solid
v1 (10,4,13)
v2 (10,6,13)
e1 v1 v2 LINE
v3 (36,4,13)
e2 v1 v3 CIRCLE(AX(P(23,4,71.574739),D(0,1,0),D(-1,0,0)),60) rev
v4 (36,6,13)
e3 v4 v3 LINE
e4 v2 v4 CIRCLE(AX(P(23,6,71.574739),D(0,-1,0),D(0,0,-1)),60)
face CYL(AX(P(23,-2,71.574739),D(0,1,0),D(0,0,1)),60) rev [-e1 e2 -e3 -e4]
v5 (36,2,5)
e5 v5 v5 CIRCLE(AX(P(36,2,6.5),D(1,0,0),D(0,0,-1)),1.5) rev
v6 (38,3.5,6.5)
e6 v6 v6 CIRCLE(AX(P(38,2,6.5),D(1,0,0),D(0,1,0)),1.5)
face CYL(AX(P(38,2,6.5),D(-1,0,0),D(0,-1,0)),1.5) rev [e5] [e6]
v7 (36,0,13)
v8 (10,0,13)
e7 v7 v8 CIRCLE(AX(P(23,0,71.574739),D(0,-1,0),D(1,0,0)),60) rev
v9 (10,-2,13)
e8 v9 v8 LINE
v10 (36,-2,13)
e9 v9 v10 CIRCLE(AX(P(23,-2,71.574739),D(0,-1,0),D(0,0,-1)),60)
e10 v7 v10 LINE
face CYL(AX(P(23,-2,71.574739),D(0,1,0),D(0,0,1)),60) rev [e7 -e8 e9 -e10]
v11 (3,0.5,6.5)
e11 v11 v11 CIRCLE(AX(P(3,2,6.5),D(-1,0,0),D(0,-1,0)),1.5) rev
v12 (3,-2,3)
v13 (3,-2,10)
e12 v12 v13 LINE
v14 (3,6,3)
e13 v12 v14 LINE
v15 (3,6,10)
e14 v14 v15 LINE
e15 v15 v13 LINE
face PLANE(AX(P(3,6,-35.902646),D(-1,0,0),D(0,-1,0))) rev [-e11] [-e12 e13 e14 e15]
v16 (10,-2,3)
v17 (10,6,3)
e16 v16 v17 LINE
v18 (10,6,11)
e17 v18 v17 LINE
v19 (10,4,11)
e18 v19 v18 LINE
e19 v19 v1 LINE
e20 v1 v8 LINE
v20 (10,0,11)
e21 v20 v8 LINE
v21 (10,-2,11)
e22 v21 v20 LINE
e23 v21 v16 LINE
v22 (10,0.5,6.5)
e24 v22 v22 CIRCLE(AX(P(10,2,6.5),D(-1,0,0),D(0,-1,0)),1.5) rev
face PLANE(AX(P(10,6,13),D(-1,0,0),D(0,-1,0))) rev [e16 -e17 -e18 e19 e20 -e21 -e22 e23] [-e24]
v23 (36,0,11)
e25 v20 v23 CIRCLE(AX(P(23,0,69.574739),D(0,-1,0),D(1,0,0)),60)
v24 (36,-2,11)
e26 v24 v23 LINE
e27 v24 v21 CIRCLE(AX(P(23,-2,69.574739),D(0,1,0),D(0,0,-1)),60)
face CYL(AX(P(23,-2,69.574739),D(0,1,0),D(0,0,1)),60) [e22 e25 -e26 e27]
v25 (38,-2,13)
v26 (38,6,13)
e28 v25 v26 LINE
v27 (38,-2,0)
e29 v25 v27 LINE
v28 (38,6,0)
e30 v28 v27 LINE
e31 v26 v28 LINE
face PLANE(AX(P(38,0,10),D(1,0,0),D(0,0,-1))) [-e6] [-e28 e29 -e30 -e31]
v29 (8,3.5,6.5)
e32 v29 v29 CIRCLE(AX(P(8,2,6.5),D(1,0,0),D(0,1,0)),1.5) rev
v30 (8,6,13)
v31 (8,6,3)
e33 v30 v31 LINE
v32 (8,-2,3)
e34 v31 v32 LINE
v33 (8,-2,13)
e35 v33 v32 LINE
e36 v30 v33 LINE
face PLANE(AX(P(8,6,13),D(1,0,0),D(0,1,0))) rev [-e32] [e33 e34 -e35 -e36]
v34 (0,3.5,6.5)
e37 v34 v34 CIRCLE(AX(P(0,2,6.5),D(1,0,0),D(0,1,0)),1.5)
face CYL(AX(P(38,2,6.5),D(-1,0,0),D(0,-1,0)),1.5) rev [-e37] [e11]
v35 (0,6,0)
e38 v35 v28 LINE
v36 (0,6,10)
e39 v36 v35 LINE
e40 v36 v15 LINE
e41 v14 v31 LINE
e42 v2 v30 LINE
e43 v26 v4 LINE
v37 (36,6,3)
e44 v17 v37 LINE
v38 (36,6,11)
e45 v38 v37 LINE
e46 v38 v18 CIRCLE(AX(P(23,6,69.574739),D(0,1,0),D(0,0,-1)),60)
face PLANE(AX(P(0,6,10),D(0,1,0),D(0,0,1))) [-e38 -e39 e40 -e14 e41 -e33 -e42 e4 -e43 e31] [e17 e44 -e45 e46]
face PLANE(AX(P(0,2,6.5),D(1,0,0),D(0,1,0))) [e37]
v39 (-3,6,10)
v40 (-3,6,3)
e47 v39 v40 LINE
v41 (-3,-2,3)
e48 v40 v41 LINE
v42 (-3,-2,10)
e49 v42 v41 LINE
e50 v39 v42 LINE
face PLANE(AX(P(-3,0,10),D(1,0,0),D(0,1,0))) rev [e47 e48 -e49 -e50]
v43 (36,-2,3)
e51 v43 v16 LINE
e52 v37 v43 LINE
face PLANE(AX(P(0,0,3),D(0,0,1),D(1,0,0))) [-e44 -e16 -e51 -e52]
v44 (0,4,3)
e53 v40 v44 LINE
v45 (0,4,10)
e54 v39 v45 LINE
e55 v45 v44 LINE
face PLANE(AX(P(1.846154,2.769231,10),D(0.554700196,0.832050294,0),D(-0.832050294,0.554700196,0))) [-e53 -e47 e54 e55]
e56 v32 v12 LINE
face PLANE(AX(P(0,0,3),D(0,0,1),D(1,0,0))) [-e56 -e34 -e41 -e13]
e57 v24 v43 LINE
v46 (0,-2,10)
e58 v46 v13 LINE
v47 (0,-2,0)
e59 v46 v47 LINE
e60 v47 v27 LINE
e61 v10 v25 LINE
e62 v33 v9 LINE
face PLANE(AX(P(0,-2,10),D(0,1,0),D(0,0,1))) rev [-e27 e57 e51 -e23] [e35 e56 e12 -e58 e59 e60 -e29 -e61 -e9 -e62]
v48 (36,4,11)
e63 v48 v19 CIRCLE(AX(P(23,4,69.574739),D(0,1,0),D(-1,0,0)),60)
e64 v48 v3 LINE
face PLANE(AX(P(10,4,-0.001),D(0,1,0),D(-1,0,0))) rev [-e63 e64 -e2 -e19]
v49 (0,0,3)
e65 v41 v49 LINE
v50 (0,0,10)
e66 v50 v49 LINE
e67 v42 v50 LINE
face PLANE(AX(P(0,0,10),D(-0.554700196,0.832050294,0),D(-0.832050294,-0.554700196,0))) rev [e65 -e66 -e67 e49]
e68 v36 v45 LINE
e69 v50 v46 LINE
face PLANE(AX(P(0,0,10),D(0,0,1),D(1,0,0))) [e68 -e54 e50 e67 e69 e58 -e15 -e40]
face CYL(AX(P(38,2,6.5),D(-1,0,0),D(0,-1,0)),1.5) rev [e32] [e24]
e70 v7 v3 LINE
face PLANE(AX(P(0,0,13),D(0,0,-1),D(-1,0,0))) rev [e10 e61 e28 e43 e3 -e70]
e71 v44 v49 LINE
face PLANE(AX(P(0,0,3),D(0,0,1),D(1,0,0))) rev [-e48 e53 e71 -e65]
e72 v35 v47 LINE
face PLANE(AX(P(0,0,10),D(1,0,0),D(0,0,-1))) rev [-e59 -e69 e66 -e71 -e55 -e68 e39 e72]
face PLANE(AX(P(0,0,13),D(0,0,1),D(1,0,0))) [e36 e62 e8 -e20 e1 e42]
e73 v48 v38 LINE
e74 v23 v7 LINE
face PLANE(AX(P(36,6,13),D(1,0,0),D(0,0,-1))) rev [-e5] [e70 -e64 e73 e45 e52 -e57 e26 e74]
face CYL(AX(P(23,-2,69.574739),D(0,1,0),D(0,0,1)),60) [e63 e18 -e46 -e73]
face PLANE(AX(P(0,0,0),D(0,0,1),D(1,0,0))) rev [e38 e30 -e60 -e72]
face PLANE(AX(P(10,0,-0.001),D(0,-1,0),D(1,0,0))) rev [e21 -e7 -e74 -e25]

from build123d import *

# Parameters (mm, degrees)
SKETCH_1_W                      = 35
SKETCH_1_H                      = 8
EXTRUDE_2_DEPTH                 = 10
CUT_EXTRUDE_4_DEPTH             = 3
SKETCH_11_W                     = 35
SKETCH_11_H                     = 8
CUT_EXTRUDE_5_DEPTH             = 7
SKETCH_14_W                     = 2
SKETCH_14_H                     = 8
EXTRUDE_7_DEPTH                 = 10
CUT_EXTRUDE_6_DEPTH             = 38.815340802
CUT_EXTRUDE_6_DEPTH_BACK        = 3
SKETCH_12_R                     = 1.5
EXTRUDE_10_DEPTH                = 8
CUT_EXTRUDE_8_REACH             = 42.608
SKETCH_31_W                     = 26
SKETCH_31_H                     = 4
CUT_EXTRUDE_8_DIRECTION_2_DEPTH = 41.607881008


with BuildPart() as part:
    # 草图1 → 凸台-拉伸2 (new body)
    with BuildSketch(Plane.XY):
        Polygon((0, 4), (-3, 6), (-3, 2), (0, 2), align=None)
        Polygon((0, 6), (0, 4), (0, 0), (0, -2), (3, -2), (3, 6), align=None)
        Polygon((0, 2), (-3, 2), (-3, -2), (0, 0), align=None)
        with Locations((20.5, 2)):
            Rectangle(SKETCH_1_W, SKETCH_1_H)
    extrude(amount=EXTRUDE_2_DEPTH)

    # 草图1<4> → 切除-拉伸4 (cut)
    with BuildSketch(Plane.XY):
        Polygon((0, 4), (-3, 6), (-3, 2), (0, 2), align=None)
        Polygon((0, 2), (-3, 2), (-3, -2), (0, 0), align=None)
    extrude(amount=CUT_EXTRUDE_4_DEPTH, mode=Mode.SUBTRACT)

    # 草图11 → 切除-拉伸5 (cut)
    with BuildSketch(Plane.XY.offset(10)):
        with Locations((20.5, 2)):
            Rectangle(SKETCH_11_W, SKETCH_11_H)
    extrude(amount=-CUT_EXTRUDE_5_DEPTH, mode=Mode.SUBTRACT)

    # 草图14 → 凸台-拉伸7 (add)
    with BuildSketch(Plane.XY.offset(3)):
        with Locations((37, 2)):
            Rectangle(SKETCH_14_W, SKETCH_14_H)
        with Locations((9, 2)):
            Rectangle(SKETCH_14_W, SKETCH_14_H)
    extrude(amount=EXTRUDE_7_DEPTH)

    # 草图12 → 切除-拉伸6 (cut, two sides: drawn at the far end of the back side and taken through both)
    with BuildSketch(Plane(origin=(3, 0, 0), x_dir=(0, 0, -1), z_dir=(1, 0, 0)).offset(-CUT_EXTRUDE_6_DEPTH_BACK)):
        with Locations((-6.5, 2)):
            Circle(SKETCH_12_R)
    extrude(amount=CUT_EXTRUDE_6_DEPTH + CUT_EXTRUDE_6_DEPTH_BACK, mode=Mode.SUBTRACT)

    # 草图30 → 凸台-拉伸10 (add)
    with BuildSketch(Plane(origin=(0, 6, 0), x_dir=(1, 0, 0), z_dir=(0, 1, 0))):
        with BuildLine():
            Line((10, -11), (10, -13))
            ThreePointArc((10, -13), (23, -11.574738582), (36, -13))
            Line((36, -13), (36, -11))
            ThreePointArc((36, -11), (23, -9.574738582), (10, -11))
        make_face()
    extrude(amount=-EXTRUDE_10_DEPTH)

    # 草图31 → 切除-拉伸8 (cut, up to next)
    with BuildSketch(Plane.XY.offset(13), mode=Mode.PRIVATE) as cut_extrude_8_sk1:
        with Locations((23, 2)):
            Rectangle(SKETCH_31_W, SKETCH_31_H)
    cut_extrude_8_tool1 = extrude(cut_extrude_8_sk1.sketch, amount=-CUT_EXTRUDE_8_REACH, mode=Mode.PRIVATE) & part.part
    add(cut_extrude_8_tool1.solids().sort_by_distance((23, 2, 13))[0], mode=Mode.SUBTRACT)

    # 草图31 → 切除-拉伸8 direction 2 (cut)
    with BuildSketch(Plane.XY.offset(13)):
        with Locations((23, 2)):
            Rectangle(SKETCH_31_W, SKETCH_31_H)
    extrude(amount=CUT_EXTRUDE_8_DIRECTION_2_DEPTH, mode=Mode.SUBTRACT)


solid = part.part
